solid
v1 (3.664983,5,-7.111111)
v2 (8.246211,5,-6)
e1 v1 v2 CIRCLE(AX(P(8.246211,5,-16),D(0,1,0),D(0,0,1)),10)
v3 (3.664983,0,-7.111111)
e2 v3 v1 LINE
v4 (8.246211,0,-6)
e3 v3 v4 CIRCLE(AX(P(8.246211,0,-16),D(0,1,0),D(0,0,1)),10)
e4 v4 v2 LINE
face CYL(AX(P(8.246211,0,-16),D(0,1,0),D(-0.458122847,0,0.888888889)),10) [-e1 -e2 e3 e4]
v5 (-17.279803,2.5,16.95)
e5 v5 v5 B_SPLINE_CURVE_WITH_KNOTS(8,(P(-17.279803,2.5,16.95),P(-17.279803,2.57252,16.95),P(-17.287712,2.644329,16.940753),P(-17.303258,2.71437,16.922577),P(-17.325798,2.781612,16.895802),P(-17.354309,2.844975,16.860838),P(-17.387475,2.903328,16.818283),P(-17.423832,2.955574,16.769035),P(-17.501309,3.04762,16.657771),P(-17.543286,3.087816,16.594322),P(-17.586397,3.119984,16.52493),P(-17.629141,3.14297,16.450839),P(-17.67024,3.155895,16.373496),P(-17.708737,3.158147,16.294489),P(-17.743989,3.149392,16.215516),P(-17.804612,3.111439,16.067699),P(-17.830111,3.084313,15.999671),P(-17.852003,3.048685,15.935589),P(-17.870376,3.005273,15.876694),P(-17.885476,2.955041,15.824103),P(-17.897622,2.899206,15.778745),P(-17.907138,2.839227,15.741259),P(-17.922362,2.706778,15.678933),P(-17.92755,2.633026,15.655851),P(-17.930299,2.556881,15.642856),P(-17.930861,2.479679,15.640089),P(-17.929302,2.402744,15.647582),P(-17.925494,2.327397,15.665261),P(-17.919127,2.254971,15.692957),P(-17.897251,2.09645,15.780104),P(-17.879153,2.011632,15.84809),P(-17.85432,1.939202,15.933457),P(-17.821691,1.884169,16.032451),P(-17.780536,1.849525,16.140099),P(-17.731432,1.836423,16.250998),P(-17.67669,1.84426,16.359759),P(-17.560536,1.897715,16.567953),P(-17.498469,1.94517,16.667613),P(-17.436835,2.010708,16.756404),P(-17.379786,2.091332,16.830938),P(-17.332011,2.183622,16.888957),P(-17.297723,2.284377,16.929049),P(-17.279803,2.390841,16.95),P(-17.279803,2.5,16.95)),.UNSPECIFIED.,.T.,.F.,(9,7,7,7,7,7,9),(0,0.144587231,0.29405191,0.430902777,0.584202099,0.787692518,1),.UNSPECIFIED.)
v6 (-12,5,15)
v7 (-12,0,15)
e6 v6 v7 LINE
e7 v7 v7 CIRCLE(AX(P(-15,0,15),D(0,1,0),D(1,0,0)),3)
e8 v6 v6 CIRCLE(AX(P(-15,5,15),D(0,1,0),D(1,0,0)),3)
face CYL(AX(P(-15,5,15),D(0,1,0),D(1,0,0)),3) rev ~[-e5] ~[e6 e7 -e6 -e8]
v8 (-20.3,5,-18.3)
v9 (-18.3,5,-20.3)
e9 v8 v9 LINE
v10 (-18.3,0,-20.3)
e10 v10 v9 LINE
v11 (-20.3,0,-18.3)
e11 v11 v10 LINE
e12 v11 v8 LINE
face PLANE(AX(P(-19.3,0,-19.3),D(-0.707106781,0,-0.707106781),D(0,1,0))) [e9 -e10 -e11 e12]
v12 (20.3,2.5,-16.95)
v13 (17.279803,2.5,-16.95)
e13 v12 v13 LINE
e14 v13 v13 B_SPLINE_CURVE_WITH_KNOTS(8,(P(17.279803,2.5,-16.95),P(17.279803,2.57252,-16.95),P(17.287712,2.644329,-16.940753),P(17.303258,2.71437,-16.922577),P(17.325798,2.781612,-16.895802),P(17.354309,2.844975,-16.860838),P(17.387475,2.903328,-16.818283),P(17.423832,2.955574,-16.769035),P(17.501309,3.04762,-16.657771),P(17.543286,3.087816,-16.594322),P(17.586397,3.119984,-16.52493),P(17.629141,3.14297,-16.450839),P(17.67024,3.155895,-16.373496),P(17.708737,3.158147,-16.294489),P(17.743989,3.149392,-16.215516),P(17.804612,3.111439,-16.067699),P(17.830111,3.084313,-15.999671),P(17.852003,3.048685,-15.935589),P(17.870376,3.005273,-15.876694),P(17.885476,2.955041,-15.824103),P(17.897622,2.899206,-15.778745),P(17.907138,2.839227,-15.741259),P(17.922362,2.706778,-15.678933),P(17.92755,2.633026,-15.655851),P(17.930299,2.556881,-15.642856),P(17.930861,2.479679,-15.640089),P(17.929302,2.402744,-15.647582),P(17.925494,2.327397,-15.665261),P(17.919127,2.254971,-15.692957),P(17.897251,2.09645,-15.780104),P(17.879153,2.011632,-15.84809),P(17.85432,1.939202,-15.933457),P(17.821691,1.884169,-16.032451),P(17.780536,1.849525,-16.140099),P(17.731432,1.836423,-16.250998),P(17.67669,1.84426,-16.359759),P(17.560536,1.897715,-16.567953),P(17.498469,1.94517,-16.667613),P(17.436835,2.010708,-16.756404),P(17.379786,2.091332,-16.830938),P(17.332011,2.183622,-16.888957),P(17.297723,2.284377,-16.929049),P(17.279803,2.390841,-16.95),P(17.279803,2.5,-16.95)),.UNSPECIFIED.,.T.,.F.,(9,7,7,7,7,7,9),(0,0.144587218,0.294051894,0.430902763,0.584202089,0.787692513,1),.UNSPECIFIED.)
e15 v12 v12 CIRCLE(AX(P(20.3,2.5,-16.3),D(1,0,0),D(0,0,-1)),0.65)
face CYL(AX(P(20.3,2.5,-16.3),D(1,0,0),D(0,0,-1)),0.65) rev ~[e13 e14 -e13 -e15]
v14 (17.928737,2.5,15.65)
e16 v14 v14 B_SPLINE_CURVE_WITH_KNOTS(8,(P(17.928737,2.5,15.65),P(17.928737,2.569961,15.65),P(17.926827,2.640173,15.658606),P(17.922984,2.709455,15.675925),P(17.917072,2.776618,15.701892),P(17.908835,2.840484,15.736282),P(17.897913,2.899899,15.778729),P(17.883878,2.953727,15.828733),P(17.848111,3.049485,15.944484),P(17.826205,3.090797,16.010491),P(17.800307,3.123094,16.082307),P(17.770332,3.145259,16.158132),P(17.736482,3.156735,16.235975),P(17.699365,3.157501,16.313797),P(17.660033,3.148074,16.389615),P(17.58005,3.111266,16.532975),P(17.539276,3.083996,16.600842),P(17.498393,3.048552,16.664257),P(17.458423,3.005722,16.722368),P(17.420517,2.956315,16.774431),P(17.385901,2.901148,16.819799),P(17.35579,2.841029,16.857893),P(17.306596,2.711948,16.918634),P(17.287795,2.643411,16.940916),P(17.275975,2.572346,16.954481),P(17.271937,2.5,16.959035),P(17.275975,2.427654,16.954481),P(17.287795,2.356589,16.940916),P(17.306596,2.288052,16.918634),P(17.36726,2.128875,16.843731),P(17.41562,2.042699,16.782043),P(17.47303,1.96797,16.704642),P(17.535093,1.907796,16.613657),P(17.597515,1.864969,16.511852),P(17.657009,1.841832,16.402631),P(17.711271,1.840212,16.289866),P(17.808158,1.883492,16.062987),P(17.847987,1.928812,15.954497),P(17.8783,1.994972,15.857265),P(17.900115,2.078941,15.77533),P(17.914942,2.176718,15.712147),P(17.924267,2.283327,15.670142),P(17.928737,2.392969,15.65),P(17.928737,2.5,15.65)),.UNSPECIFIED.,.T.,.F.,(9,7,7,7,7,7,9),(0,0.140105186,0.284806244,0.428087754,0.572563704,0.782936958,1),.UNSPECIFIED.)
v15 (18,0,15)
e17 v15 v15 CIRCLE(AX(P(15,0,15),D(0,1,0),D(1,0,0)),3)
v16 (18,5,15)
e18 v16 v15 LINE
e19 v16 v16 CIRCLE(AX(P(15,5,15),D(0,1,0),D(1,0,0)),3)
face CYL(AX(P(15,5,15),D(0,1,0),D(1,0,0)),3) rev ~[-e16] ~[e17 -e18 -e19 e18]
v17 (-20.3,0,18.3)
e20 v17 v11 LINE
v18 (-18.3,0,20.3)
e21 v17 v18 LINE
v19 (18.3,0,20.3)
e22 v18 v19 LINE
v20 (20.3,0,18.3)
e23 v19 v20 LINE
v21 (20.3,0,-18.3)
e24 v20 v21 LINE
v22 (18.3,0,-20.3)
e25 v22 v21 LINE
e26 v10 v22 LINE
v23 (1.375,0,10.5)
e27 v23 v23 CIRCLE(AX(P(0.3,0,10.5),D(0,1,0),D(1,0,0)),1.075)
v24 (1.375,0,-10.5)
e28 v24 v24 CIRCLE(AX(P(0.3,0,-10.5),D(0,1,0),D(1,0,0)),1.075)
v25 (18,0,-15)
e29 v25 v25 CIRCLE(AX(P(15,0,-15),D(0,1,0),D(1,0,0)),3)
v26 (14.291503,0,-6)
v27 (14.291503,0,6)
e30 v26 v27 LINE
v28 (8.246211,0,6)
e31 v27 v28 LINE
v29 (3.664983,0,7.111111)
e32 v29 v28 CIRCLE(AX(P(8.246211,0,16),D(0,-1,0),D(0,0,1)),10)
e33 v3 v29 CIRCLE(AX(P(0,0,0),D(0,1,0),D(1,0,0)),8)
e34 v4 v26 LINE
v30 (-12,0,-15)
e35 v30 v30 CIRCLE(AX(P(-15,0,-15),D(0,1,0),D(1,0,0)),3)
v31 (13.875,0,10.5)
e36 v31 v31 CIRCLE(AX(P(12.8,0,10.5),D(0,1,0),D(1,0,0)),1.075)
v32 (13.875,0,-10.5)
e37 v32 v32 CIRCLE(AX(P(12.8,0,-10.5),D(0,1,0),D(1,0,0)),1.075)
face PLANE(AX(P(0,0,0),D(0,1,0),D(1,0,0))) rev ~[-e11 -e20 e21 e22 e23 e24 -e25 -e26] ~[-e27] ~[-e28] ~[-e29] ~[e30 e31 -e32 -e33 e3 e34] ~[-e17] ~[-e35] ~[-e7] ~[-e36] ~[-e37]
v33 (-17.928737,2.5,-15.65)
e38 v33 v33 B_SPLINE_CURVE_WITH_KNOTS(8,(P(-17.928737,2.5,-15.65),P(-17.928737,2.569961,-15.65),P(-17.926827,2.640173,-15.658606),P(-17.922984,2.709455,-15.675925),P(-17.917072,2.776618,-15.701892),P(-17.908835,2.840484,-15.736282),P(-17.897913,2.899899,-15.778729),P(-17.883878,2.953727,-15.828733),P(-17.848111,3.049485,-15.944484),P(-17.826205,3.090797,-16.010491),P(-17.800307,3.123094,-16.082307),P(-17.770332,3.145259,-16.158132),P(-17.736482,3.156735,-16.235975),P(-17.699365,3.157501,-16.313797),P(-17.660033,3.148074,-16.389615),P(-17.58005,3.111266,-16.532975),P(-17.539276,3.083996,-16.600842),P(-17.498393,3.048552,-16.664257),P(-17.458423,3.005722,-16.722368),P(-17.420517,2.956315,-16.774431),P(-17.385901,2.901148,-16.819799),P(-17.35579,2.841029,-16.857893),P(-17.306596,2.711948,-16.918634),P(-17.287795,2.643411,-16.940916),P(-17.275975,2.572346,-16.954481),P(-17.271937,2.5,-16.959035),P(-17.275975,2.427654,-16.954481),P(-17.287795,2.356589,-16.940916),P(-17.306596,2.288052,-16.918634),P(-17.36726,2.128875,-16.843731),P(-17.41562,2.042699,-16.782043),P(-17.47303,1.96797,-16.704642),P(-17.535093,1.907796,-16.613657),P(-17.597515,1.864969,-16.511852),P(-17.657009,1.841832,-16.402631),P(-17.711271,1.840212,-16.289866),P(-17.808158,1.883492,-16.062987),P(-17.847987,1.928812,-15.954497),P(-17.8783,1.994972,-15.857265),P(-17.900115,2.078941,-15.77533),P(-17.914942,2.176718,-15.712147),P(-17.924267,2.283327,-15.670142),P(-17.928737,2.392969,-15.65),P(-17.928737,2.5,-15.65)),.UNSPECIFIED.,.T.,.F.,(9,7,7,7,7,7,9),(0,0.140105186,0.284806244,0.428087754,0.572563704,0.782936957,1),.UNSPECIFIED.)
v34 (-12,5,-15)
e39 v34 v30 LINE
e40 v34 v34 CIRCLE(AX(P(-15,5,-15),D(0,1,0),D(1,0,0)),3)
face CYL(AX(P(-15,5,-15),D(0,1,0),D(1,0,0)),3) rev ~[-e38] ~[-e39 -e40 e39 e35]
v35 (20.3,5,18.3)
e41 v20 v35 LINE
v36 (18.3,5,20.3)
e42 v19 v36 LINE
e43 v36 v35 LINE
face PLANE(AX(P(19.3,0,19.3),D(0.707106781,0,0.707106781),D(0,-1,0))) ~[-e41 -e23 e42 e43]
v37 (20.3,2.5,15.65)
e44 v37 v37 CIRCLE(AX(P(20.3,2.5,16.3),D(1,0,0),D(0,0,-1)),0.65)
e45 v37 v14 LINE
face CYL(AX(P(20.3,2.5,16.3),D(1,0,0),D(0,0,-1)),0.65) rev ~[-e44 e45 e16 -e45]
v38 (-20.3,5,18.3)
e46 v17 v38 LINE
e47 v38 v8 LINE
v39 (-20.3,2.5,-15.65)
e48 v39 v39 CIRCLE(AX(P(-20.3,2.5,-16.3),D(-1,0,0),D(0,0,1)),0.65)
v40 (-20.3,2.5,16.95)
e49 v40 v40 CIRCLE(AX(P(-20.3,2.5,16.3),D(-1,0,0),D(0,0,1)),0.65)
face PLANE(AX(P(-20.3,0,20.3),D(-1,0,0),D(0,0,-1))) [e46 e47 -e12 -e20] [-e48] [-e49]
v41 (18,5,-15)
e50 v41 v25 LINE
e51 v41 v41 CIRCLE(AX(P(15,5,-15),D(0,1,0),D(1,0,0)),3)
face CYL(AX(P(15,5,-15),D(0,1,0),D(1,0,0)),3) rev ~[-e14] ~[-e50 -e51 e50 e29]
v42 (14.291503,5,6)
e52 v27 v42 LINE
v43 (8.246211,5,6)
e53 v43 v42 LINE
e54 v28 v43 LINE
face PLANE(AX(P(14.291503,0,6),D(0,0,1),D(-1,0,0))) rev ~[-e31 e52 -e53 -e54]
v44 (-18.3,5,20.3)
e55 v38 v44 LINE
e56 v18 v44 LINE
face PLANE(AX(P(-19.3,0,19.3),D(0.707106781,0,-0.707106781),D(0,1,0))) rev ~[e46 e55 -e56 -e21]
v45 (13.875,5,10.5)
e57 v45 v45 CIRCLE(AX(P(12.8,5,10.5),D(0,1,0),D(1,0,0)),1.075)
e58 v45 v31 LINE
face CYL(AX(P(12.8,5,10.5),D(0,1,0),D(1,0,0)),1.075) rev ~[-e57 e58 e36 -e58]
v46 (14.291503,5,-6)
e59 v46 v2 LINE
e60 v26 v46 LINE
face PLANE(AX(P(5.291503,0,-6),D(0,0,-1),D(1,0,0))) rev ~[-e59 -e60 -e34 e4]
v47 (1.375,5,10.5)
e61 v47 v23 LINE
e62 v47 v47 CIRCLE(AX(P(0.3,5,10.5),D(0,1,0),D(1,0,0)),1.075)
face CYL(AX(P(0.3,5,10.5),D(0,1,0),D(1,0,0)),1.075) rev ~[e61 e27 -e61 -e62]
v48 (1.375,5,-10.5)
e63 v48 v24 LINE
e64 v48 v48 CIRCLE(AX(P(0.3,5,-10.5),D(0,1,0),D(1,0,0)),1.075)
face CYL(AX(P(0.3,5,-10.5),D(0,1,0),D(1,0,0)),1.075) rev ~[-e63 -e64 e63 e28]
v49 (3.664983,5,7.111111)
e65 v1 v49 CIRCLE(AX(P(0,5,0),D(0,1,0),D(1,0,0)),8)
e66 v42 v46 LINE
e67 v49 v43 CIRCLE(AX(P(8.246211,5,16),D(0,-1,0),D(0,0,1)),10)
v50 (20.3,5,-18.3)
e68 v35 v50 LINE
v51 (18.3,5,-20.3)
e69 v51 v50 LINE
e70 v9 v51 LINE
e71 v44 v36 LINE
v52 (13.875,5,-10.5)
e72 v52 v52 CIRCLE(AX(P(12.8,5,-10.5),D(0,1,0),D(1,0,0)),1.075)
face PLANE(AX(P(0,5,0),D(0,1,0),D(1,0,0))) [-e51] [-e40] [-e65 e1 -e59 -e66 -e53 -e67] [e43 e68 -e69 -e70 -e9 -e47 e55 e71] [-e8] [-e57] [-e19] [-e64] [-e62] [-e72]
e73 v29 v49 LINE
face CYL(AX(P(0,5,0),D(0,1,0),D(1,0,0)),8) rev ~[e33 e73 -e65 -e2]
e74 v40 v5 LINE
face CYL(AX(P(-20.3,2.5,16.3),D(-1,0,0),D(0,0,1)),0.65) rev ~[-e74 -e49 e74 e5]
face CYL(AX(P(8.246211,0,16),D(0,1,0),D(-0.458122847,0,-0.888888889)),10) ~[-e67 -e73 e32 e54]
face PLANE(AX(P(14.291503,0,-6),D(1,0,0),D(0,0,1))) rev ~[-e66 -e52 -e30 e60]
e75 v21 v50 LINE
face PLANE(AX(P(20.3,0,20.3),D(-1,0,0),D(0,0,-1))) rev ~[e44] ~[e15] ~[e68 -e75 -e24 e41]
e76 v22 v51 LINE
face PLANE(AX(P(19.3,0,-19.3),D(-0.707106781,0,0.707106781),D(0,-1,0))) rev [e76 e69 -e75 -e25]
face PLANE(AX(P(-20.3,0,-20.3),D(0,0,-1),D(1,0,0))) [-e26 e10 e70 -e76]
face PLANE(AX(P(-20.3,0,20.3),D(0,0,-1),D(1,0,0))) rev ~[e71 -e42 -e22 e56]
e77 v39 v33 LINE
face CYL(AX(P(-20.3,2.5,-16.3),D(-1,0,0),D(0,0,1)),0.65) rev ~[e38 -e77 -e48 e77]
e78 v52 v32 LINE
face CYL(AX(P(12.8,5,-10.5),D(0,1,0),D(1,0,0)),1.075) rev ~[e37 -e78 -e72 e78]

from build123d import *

# Parameters (mm, degrees)
SKETCH1_W           = 40.6
SKETCH1_H           = 40.6
BOSS_EXTRUDE1_DEPTH = 5
SKETCH2_R           = 8
CUT_EXTRUDE1_DEPTH  = 5
CUT_EXTRUDE3_DEPTH  = 6
SKETCH5_R           = 3
CUT_EXTRUDE4_DEPTH  = 10
CHAMFER1_SIZE       = 2
SKETCH6_R           = 0.65
CUT_EXTRUDE5_DEPTH  = 5
SKETCH7_R           = 0.65
CUT_EXTRUDE6_DEPTH  = 5
SKETCH8_R           = 1.075
CUT_EXTRUDE7_DEPTH  = 10
FILLET1_R           = 10


with BuildPart() as part:
    # Sketch1 → Boss-Extrude1 (new body)
    with BuildSketch(Plane(origin=(0, 0, 0), x_dir=(1, 0, 0), z_dir=(0, 1, 0))):
        Rectangle(SKETCH1_W, SKETCH1_H)
    extrude(amount=BOSS_EXTRUDE1_DEPTH)

    # Sketch2 → Cut-Extrude1 (cut)
    with BuildSketch(Plane(origin=(0, 5, 0), x_dir=(1, 0, 0), z_dir=(0, 1, 0))):
        Circle(SKETCH2_R)
    extrude(amount=-CUT_EXTRUDE1_DEPTH, mode=Mode.SUBTRACT)

    # Sketch4 → Cut-Extrude3 (cut, through all)
    with BuildSketch(Plane(origin=(0, 0, 0), x_dir=(-1, 0, 0), z_dir=(0, -1, 0))):
        Polygon((-5.291502622, 6), (-14.291502622, 6), (-14.291502622, 0), (-14.291502622, -6), (-5.291502622, -6), align=None)
    extrude(amount=-CUT_EXTRUDE3_DEPTH, mode=Mode.SUBTRACT)

    # Sketch5 → Cut-Extrude4 (cut)
    with BuildSketch(Plane(origin=(0, 5, 0), x_dir=(1, 0, 0), z_dir=(0, 1, 0))):
        with Locations((15, 15)):
            Circle(SKETCH5_R)
        with Locations((15, -15)):
            Circle(SKETCH5_R)
        with Locations((-15, -15)):
            Circle(SKETCH5_R)
        with Locations((-15, 15)):
            Circle(SKETCH5_R)
    extrude(amount=-CUT_EXTRUDE4_DEPTH, mode=Mode.SUBTRACT)

    # Chamfer1
    chamfer1_edges = [part.edges().sort_by_distance(p)[0] for p in [
        (20.3, 2.5, 20.3),
        (-20.3, 2.5, 20.3),
        (-20.3, 2.5, -20.3),
        (20.3, 2.5, -20.3),
    ]]
    chamfer(chamfer1_edges, length=CHAMFER1_SIZE)

    # Sketch6 → Cut-Extrude5 (cut)
    with BuildSketch(Plane.ZY.offset(20.3)):
        with Locations((-16.3, 2.5)):
            Circle(SKETCH6_R)
        with Locations((16.3, 2.5)):
            Circle(SKETCH6_R)
    extrude(amount=-CUT_EXTRUDE5_DEPTH, mode=Mode.SUBTRACT)

    # Sketch7 → Cut-Extrude6 (cut)
    with BuildSketch(Plane(origin=(20.3, 0, 0), x_dir=(0, 0, -1), z_dir=(1, 0, 0))):
        with Locations((16.3, 2.5)):
            Circle(SKETCH7_R)
        with Locations((-16.3, 2.5)):
            Circle(SKETCH7_R)
    extrude(amount=-CUT_EXTRUDE6_DEPTH, mode=Mode.SUBTRACT)

    # Sketch8 → Cut-Extrude7 (cut)
    with BuildSketch(Plane(origin=(0, 5, 0), x_dir=(1, 0, 0), z_dir=(0, 1, 0))):
        with Locations((0.3, -10.5)):
            Circle(SKETCH8_R)
        with Locations((12.8, -10.5)):
            Circle(SKETCH8_R)
        with Locations((0.3, 10.5)):
            Circle(SKETCH8_R)
        with Locations((12.8, 10.5)):
            Circle(SKETCH8_R)
    extrude(amount=-CUT_EXTRUDE7_DEPTH, mode=Mode.SUBTRACT)

    # Fillet1
    fillet1_edges = [part.edges().sort_by_distance(p)[0] for p in [
        (5.291502622, 2.5, -6),
        (5.291502622, 2.5, 6),
    ]]
    fillet(fillet1_edges, radius=FILLET1_R)


solid = part.part
